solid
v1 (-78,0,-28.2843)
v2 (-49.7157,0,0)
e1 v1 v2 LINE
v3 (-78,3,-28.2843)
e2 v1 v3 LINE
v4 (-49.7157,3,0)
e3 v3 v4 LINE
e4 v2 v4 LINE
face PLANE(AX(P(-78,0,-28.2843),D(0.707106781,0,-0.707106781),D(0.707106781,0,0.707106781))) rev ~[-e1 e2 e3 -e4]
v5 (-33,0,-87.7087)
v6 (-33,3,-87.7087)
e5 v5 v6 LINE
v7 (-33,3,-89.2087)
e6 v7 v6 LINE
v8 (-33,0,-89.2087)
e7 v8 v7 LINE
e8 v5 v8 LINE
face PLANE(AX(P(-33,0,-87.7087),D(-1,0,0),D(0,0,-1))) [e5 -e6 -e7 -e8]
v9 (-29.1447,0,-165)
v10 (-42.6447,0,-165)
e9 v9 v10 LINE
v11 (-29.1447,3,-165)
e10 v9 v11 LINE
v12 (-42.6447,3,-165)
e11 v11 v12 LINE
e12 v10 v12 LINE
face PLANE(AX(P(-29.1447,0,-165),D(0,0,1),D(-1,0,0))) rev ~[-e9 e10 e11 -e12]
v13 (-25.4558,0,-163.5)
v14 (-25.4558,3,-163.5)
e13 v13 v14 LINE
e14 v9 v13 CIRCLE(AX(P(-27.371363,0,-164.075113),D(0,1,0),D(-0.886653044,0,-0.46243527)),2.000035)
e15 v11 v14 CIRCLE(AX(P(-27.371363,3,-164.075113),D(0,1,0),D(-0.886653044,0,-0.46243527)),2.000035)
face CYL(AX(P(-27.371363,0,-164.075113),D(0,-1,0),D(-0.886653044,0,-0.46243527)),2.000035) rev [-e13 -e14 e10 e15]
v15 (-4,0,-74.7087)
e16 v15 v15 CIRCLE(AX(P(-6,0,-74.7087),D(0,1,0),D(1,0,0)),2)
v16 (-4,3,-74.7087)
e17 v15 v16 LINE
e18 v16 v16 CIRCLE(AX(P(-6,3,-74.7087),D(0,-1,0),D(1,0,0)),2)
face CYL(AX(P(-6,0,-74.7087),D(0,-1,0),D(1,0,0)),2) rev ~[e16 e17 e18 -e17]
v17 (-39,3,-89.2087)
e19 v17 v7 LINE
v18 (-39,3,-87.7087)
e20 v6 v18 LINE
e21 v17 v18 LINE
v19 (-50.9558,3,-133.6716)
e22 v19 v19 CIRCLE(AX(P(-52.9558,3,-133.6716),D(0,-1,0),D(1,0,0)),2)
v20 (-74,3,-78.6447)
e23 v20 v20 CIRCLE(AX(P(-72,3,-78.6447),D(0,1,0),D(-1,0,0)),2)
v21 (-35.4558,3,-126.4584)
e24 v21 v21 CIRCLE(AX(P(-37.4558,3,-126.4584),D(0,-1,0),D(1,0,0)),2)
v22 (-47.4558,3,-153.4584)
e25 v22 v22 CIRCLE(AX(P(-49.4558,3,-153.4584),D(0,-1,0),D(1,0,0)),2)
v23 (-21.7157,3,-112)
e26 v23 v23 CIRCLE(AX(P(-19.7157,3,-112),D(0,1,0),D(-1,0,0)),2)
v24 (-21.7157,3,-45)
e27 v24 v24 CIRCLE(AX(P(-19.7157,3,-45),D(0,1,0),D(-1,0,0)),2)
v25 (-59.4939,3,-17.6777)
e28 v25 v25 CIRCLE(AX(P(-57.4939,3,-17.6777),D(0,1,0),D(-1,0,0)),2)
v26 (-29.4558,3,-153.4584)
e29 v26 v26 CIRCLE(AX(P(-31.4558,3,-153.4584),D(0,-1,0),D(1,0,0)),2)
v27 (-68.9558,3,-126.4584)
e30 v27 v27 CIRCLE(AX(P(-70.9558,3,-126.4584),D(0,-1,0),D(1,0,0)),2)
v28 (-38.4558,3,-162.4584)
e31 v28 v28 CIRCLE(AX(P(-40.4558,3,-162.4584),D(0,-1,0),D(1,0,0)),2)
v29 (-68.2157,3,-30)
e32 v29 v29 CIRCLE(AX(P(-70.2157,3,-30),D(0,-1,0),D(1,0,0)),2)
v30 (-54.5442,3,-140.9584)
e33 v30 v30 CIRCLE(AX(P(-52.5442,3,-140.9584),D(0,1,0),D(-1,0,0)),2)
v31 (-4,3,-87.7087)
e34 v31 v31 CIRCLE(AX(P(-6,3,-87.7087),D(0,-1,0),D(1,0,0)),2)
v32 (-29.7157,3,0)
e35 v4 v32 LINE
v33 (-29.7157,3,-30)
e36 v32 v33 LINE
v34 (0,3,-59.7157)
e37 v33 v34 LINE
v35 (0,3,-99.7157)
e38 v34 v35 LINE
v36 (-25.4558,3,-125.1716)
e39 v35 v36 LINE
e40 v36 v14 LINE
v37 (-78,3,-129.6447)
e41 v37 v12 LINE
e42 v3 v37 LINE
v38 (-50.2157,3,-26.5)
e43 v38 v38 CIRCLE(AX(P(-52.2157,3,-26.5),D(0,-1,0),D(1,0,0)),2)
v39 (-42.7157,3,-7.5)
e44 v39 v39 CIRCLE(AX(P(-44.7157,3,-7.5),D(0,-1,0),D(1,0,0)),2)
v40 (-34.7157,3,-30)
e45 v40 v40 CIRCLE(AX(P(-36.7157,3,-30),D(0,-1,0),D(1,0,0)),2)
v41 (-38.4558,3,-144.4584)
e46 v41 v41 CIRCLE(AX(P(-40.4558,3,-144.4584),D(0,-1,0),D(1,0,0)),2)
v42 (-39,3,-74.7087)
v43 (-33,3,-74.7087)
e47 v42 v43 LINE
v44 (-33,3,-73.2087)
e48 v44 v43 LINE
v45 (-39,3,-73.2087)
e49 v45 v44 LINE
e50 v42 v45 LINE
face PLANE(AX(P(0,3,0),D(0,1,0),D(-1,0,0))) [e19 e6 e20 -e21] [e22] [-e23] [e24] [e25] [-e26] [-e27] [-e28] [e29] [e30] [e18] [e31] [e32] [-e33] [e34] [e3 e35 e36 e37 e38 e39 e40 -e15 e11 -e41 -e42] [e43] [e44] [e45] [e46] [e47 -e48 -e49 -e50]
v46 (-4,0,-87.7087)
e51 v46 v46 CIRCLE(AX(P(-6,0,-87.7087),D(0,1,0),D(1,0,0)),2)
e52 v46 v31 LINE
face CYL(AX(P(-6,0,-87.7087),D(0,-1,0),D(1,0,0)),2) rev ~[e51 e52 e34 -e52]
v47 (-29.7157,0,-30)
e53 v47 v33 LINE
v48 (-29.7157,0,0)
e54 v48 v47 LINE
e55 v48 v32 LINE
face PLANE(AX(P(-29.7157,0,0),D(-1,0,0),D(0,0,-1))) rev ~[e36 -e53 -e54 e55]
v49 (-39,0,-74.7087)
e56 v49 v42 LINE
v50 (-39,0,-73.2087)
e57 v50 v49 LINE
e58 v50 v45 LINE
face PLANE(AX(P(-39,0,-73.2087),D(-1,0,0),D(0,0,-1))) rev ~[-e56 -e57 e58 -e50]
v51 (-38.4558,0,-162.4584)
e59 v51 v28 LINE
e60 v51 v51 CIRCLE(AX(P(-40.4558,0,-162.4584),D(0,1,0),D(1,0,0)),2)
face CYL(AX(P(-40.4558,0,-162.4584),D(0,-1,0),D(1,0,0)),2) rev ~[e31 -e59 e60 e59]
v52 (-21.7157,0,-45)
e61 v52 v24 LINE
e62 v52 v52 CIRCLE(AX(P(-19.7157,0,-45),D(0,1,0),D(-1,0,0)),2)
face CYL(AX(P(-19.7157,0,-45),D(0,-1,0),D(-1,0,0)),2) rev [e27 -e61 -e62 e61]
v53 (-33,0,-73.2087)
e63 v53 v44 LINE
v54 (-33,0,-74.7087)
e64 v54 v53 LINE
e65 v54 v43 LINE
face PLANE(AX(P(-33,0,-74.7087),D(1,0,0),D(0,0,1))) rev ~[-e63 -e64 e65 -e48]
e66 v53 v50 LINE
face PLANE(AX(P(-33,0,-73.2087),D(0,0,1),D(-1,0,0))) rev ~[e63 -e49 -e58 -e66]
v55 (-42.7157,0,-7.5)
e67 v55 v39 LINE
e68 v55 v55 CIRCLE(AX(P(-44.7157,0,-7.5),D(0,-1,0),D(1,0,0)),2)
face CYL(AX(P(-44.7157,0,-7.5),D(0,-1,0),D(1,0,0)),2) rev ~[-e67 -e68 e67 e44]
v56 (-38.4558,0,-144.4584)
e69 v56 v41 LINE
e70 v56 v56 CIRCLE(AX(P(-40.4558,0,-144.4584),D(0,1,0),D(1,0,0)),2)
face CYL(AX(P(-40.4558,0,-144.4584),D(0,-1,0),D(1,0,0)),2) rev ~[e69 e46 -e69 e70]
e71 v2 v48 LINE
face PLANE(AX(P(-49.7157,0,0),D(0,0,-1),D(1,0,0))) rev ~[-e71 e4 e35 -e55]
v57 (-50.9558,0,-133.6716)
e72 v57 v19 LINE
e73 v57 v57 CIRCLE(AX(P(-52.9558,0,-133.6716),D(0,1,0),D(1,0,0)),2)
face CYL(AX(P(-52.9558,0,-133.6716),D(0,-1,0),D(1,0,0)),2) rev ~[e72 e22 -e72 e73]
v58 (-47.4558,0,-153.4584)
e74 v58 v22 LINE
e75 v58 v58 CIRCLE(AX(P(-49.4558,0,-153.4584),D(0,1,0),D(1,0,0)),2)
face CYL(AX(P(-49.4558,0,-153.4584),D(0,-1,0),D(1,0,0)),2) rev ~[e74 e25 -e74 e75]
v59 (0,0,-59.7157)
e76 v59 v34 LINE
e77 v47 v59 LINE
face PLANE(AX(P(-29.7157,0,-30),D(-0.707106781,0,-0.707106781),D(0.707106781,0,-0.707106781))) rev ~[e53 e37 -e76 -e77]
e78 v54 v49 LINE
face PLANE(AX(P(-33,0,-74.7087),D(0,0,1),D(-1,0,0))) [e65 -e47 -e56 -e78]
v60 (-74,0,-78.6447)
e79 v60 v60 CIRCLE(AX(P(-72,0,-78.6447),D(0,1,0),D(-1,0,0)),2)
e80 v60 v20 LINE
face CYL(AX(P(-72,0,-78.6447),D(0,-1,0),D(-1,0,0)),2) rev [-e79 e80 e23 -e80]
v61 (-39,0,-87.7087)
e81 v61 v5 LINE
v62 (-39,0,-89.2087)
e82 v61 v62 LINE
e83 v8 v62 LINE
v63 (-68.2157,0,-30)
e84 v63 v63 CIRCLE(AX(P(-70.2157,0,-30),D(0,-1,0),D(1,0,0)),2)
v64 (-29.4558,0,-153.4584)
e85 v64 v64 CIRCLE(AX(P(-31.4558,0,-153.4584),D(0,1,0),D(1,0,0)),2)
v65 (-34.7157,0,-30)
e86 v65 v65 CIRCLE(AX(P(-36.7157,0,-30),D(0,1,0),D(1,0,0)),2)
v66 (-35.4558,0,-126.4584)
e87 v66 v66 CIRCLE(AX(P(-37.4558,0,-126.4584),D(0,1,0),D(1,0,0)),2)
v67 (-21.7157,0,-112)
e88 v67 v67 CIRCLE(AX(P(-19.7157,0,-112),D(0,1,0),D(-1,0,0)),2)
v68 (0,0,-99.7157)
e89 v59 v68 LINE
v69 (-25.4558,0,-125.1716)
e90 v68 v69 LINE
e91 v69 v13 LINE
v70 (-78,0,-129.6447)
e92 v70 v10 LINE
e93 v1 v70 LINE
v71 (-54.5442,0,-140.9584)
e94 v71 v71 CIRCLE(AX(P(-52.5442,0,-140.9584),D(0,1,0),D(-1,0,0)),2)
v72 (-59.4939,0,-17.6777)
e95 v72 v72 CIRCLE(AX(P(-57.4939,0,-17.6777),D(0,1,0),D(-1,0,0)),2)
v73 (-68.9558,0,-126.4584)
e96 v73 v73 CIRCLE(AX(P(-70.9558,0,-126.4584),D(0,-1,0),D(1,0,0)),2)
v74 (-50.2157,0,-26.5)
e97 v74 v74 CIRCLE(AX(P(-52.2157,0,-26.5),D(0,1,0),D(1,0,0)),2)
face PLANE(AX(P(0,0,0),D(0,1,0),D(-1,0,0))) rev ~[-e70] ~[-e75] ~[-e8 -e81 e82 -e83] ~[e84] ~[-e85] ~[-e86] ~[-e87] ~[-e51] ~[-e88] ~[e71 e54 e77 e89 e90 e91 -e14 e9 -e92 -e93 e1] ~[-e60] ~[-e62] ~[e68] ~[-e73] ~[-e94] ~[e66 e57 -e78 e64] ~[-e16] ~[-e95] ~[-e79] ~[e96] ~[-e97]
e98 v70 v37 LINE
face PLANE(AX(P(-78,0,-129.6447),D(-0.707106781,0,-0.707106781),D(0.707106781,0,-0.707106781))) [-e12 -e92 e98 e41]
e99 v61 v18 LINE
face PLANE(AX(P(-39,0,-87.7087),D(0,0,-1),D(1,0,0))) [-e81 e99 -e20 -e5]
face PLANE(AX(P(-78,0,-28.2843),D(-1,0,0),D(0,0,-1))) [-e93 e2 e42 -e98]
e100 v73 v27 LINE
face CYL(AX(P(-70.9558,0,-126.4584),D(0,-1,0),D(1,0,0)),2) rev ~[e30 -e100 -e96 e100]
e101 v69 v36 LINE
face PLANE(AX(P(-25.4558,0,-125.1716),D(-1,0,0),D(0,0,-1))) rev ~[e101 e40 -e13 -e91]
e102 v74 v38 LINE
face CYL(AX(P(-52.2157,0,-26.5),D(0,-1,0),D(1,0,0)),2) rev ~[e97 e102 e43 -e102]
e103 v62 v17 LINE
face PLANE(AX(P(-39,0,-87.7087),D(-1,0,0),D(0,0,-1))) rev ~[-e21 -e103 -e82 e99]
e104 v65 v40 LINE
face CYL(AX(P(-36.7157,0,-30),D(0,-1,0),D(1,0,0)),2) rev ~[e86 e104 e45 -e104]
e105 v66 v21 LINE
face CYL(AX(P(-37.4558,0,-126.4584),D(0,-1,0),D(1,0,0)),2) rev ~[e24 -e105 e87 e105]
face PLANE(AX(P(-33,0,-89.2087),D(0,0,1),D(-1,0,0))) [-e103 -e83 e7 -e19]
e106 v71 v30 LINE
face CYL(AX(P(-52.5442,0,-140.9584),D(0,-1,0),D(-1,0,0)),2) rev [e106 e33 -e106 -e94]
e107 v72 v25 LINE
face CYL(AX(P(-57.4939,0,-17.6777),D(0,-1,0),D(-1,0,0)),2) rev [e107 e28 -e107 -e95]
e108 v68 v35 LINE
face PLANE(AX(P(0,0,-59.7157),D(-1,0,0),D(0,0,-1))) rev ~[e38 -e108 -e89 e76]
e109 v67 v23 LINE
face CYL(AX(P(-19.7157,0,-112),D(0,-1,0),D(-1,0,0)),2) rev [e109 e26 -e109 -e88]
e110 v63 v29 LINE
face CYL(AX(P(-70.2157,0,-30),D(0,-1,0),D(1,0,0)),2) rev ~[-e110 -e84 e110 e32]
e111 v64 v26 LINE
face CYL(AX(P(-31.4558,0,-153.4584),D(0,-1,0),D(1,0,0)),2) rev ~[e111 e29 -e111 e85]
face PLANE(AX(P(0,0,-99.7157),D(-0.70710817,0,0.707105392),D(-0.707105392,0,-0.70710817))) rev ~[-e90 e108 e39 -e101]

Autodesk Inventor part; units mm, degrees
ref_plane "YZ Plane" through (0, 0, 0) normal (1, 0, 0) x (0, 1, 0)
ref_plane "XZ Plane" through (0, 0, 0) normal (0, 1, 0) x (-1, 0, 0)
ref_plane "XY Plane" through (0, 0, 0) normal (0, 0, 1) x (1, 0, 0)
sketch "Boceto1" plane through (0, 0, 0) normal (0, 1, 0) x (-1, 0, 0)
  line L0 (78, -28.2843) -> (49.7157, 0)
  line L1 (78, -129.6447) -> (42.6447, -165)
  line L2 (49.7157, 0) -> (29.7157, 0)
  line L3 (29.7157, 0) -> (29.7157, -30)
  line L4 (29.7157, -30) -> (0, -59.7157)
  line L5 (0, -59.7157) -> (0, -99.7157)
  line L6 (0, -99.7157) -> (25.4558, -125.1716)
  line L7 (0, -99.7157) -> (36, -99.7157) construction
  line L8 (78, -28.2843) -> (78, -129.6447)
  circle A0 centre (72, -78.6447) radius 2
  circle A1 centre (19.7157, -45) radius 2
  circle A2 centre (19.7157, -112) radius 2
  circle A3 centre (57.4939, -17.6777) radius 2
  circle A4 centre (52.5442, -140.9584) radius 2
  arc A5 (29.1447, -165) -> (25.4558, -163.5) centre (27.3714, -164.0751) ccw
  line L9 (29.1447, -165) -> (42.6447, -165)
  line L10 (25.4558, -125.1716) -> (25.4558, -163.5)
  point P0 (0, 0)
  dimension "d7" = 20
  dimension "d8" = 30
  dimension "d9" = 135
  dimension "d10" = 40
  dimension "d16" = 36
  dimension "d17" = 45
  dimension "d20" = 4
  dimension "d23" = 4
  dimension "d27" = 4
  dimension "d30" = 4
  dimension "d33" = 4
  dimension "d34" = 13.5
extrude "Extrusión1" add sketch "Boceto1" along normal blind 3
sketch "Boceto2" plane through (0, 0, 0) normal (0, -1, 0) x (1, 0, 0)
  circle A0 centre (-44.7157, -7.5) radius 2
  line L0 (-29.7157, 0) -> (-29.7157, -30) projected
  line L1 (-29.7157, -30) -> (-36.7157, -30)
  circle A1 centre (-36.7157, -30) radius 2
  line L2 (-36.7157, -30) -> (-70.2157, -30)
  circle A2 centre (-70.2157, -30) radius 2
  line L3 (-36.7157, -30) -> (-52.2157, -30)
  line L4 (-52.2157, -30) -> (-52.2157, -26.5)
  line L5 (0, -100.2087) -> (0, -87.7087)
  line L6 (0, -59.7157) -> (0, -99.7157) projected
  line L7 (0, -87.7087) -> (-6, -87.7087)
  line L8 (-6, -87.7087) -> (-6, -74.7087)
  circle A3 centre (-6, -87.7087) radius 2
  circle A4 centre (-6, -74.7087) radius 2
  line L9 (-25.4558, -125.1716) -> (-25.4558, -163.5) projected
  line L10 (-25.4558, -125.1716) -> (-25.4558, -153.4584)
  line L11 (-25.4558, -153.4584) -> (-31.4558, -153.4584)
  circle A5 centre (-31.4558, -153.4584) radius 2
  line L12 (-31.4558, -153.4584) -> (-49.4558, -153.4584)
  circle A6 centre (-49.4558, -153.4584) radius 2
  line L13 (-40.4558, -154.1716) -> (-40.4558, -145.1716)
  line L14 (-40.4558, -144.4584) -> (-40.4558, -162.4584)
  circle A7 centre (-40.4558, -162.4584) radius 2
  circle A8 centre (-40.4558, -144.4584) radius 2
  line L15 (-40.4558, -145.1716) -> (-40.4558, -133.6716)
  line L16 (-40.4558, -133.6716) -> (-37.4558, -133.6716)
  line L17 (-37.4558, -126.4584) -> (-70.9558, -126.4584)
  circle A9 centre (-70.9558, -126.4584) radius 2
  circle A10 centre (-37.4558, -126.4584) radius 2
  line L18 (-37.4558, -133.6716) -> (-52.9558, -133.6716)
  line L19 (-52.9558, -126.4584) -> (-52.9558, -129.9584)
  line L20 (-52.9558, -140.9584) -> (-52.9558, -129.9584)
  circle A11 centre (-52.9558, -133.6716) radius 2
  circle A12 centre (-52.5442, -140.9584) radius 2 projected
  line L21 (-52.5442, -140.9584) -> (-52.5442, -153.4584)
  line L22 (-52.5442, -153.4584) -> (-49.4558, -153.4584)
  circle A13 centre (-52.2157, -26.5) radius 2
  line L23 (-6, -81.2087) -> (0, -81.2087)
  line L24 (0, -81.2087) -> (-33, -81.2087)
  line L25 (-33, -81.2087) -> (-33, -73.2087)
  line L26 (-33, -73.2087) -> (-33, -89.2087)
  line L27 (-33, -89.2087) -> (-39, -89.2087)
  line L28 (-39, -89.2087) -> (-33, -89.2087)
  line L29 (-33, -89.2087) -> (-33, -73.2087)
  line L30 (-33, -73.2087) -> (-39, -73.2087)
  line L31 (-39, -73.2087) -> (-39, -89.2087)
  line L32 (-39, -89.2087) -> (-39, -87.7087)
  line L33 (-33, -73.2087) -> (-33, -74.7087)
  line L34 (-39, -87.7087) -> (-33, -87.7087)
  line L35 (-33, -87.7087) -> (-33, -74.7087)
  line L36 (-33, -74.7087) -> (-39, -74.7087)
  line L37 (-39, -74.7087) -> (-39, -87.7087)
  point P0 (0, 0)
  dimension "d43" = 4
  dimension "d44" = 7
  dimension "d45" = 4
  dimension "d46" = 33.5
  dimension "d47" = 4
  dimension "d48" = 15.5
  dimension "d49" = 3.5
  dimension "d50" = 12.5
  dimension "d51" = 6
  dimension "d52" = 13
  dimension "d53" = 4
  dimension "d54" = 4
  dimension "d58" = 4
  dimension "d60" = 4
  dimension "d63" = 4
  dimension "d64" = 4
  dimension "d66" = 3
  dimension "d67" = 33.5
  dimension "d68" = 4
  dimension "d69" = 4
  dimension "d70" = 15.5
  dimension "d71" = 3.5
  dimension "d72" = 11
  dimension "d73" = 4
  dimension "d74" = 12.5
  dimension "d75" = 4
  dimension "d76" = 33
  dimension "d77" = 8
  dimension "d78" = 16
  dimension "d79" = 6
  dimension "d80" = 1.5
  dimension "d81" = 1.5
extrude "Extrusión2" cut sketch "Boceto2" against normal blind 10 contours A0 | A1 L2 L1 | L1 L2 A1 | A2 | A13 | A4 | A3 L8 L7 | L7 L8 A3 | L36 L31 L30 L25 | L26 L27 L31 L34 | A5 L12 L11 | L11 L12 A5 | A7 | A9 | A10 | A6 L22 L12 | L12 L22 A6 | A8 L15 L14 L13 | L13 L14 L15 A8 | A11 L20 L18 | L18 L20 A11 | L20 A11
properties part number "Placa Volante"
